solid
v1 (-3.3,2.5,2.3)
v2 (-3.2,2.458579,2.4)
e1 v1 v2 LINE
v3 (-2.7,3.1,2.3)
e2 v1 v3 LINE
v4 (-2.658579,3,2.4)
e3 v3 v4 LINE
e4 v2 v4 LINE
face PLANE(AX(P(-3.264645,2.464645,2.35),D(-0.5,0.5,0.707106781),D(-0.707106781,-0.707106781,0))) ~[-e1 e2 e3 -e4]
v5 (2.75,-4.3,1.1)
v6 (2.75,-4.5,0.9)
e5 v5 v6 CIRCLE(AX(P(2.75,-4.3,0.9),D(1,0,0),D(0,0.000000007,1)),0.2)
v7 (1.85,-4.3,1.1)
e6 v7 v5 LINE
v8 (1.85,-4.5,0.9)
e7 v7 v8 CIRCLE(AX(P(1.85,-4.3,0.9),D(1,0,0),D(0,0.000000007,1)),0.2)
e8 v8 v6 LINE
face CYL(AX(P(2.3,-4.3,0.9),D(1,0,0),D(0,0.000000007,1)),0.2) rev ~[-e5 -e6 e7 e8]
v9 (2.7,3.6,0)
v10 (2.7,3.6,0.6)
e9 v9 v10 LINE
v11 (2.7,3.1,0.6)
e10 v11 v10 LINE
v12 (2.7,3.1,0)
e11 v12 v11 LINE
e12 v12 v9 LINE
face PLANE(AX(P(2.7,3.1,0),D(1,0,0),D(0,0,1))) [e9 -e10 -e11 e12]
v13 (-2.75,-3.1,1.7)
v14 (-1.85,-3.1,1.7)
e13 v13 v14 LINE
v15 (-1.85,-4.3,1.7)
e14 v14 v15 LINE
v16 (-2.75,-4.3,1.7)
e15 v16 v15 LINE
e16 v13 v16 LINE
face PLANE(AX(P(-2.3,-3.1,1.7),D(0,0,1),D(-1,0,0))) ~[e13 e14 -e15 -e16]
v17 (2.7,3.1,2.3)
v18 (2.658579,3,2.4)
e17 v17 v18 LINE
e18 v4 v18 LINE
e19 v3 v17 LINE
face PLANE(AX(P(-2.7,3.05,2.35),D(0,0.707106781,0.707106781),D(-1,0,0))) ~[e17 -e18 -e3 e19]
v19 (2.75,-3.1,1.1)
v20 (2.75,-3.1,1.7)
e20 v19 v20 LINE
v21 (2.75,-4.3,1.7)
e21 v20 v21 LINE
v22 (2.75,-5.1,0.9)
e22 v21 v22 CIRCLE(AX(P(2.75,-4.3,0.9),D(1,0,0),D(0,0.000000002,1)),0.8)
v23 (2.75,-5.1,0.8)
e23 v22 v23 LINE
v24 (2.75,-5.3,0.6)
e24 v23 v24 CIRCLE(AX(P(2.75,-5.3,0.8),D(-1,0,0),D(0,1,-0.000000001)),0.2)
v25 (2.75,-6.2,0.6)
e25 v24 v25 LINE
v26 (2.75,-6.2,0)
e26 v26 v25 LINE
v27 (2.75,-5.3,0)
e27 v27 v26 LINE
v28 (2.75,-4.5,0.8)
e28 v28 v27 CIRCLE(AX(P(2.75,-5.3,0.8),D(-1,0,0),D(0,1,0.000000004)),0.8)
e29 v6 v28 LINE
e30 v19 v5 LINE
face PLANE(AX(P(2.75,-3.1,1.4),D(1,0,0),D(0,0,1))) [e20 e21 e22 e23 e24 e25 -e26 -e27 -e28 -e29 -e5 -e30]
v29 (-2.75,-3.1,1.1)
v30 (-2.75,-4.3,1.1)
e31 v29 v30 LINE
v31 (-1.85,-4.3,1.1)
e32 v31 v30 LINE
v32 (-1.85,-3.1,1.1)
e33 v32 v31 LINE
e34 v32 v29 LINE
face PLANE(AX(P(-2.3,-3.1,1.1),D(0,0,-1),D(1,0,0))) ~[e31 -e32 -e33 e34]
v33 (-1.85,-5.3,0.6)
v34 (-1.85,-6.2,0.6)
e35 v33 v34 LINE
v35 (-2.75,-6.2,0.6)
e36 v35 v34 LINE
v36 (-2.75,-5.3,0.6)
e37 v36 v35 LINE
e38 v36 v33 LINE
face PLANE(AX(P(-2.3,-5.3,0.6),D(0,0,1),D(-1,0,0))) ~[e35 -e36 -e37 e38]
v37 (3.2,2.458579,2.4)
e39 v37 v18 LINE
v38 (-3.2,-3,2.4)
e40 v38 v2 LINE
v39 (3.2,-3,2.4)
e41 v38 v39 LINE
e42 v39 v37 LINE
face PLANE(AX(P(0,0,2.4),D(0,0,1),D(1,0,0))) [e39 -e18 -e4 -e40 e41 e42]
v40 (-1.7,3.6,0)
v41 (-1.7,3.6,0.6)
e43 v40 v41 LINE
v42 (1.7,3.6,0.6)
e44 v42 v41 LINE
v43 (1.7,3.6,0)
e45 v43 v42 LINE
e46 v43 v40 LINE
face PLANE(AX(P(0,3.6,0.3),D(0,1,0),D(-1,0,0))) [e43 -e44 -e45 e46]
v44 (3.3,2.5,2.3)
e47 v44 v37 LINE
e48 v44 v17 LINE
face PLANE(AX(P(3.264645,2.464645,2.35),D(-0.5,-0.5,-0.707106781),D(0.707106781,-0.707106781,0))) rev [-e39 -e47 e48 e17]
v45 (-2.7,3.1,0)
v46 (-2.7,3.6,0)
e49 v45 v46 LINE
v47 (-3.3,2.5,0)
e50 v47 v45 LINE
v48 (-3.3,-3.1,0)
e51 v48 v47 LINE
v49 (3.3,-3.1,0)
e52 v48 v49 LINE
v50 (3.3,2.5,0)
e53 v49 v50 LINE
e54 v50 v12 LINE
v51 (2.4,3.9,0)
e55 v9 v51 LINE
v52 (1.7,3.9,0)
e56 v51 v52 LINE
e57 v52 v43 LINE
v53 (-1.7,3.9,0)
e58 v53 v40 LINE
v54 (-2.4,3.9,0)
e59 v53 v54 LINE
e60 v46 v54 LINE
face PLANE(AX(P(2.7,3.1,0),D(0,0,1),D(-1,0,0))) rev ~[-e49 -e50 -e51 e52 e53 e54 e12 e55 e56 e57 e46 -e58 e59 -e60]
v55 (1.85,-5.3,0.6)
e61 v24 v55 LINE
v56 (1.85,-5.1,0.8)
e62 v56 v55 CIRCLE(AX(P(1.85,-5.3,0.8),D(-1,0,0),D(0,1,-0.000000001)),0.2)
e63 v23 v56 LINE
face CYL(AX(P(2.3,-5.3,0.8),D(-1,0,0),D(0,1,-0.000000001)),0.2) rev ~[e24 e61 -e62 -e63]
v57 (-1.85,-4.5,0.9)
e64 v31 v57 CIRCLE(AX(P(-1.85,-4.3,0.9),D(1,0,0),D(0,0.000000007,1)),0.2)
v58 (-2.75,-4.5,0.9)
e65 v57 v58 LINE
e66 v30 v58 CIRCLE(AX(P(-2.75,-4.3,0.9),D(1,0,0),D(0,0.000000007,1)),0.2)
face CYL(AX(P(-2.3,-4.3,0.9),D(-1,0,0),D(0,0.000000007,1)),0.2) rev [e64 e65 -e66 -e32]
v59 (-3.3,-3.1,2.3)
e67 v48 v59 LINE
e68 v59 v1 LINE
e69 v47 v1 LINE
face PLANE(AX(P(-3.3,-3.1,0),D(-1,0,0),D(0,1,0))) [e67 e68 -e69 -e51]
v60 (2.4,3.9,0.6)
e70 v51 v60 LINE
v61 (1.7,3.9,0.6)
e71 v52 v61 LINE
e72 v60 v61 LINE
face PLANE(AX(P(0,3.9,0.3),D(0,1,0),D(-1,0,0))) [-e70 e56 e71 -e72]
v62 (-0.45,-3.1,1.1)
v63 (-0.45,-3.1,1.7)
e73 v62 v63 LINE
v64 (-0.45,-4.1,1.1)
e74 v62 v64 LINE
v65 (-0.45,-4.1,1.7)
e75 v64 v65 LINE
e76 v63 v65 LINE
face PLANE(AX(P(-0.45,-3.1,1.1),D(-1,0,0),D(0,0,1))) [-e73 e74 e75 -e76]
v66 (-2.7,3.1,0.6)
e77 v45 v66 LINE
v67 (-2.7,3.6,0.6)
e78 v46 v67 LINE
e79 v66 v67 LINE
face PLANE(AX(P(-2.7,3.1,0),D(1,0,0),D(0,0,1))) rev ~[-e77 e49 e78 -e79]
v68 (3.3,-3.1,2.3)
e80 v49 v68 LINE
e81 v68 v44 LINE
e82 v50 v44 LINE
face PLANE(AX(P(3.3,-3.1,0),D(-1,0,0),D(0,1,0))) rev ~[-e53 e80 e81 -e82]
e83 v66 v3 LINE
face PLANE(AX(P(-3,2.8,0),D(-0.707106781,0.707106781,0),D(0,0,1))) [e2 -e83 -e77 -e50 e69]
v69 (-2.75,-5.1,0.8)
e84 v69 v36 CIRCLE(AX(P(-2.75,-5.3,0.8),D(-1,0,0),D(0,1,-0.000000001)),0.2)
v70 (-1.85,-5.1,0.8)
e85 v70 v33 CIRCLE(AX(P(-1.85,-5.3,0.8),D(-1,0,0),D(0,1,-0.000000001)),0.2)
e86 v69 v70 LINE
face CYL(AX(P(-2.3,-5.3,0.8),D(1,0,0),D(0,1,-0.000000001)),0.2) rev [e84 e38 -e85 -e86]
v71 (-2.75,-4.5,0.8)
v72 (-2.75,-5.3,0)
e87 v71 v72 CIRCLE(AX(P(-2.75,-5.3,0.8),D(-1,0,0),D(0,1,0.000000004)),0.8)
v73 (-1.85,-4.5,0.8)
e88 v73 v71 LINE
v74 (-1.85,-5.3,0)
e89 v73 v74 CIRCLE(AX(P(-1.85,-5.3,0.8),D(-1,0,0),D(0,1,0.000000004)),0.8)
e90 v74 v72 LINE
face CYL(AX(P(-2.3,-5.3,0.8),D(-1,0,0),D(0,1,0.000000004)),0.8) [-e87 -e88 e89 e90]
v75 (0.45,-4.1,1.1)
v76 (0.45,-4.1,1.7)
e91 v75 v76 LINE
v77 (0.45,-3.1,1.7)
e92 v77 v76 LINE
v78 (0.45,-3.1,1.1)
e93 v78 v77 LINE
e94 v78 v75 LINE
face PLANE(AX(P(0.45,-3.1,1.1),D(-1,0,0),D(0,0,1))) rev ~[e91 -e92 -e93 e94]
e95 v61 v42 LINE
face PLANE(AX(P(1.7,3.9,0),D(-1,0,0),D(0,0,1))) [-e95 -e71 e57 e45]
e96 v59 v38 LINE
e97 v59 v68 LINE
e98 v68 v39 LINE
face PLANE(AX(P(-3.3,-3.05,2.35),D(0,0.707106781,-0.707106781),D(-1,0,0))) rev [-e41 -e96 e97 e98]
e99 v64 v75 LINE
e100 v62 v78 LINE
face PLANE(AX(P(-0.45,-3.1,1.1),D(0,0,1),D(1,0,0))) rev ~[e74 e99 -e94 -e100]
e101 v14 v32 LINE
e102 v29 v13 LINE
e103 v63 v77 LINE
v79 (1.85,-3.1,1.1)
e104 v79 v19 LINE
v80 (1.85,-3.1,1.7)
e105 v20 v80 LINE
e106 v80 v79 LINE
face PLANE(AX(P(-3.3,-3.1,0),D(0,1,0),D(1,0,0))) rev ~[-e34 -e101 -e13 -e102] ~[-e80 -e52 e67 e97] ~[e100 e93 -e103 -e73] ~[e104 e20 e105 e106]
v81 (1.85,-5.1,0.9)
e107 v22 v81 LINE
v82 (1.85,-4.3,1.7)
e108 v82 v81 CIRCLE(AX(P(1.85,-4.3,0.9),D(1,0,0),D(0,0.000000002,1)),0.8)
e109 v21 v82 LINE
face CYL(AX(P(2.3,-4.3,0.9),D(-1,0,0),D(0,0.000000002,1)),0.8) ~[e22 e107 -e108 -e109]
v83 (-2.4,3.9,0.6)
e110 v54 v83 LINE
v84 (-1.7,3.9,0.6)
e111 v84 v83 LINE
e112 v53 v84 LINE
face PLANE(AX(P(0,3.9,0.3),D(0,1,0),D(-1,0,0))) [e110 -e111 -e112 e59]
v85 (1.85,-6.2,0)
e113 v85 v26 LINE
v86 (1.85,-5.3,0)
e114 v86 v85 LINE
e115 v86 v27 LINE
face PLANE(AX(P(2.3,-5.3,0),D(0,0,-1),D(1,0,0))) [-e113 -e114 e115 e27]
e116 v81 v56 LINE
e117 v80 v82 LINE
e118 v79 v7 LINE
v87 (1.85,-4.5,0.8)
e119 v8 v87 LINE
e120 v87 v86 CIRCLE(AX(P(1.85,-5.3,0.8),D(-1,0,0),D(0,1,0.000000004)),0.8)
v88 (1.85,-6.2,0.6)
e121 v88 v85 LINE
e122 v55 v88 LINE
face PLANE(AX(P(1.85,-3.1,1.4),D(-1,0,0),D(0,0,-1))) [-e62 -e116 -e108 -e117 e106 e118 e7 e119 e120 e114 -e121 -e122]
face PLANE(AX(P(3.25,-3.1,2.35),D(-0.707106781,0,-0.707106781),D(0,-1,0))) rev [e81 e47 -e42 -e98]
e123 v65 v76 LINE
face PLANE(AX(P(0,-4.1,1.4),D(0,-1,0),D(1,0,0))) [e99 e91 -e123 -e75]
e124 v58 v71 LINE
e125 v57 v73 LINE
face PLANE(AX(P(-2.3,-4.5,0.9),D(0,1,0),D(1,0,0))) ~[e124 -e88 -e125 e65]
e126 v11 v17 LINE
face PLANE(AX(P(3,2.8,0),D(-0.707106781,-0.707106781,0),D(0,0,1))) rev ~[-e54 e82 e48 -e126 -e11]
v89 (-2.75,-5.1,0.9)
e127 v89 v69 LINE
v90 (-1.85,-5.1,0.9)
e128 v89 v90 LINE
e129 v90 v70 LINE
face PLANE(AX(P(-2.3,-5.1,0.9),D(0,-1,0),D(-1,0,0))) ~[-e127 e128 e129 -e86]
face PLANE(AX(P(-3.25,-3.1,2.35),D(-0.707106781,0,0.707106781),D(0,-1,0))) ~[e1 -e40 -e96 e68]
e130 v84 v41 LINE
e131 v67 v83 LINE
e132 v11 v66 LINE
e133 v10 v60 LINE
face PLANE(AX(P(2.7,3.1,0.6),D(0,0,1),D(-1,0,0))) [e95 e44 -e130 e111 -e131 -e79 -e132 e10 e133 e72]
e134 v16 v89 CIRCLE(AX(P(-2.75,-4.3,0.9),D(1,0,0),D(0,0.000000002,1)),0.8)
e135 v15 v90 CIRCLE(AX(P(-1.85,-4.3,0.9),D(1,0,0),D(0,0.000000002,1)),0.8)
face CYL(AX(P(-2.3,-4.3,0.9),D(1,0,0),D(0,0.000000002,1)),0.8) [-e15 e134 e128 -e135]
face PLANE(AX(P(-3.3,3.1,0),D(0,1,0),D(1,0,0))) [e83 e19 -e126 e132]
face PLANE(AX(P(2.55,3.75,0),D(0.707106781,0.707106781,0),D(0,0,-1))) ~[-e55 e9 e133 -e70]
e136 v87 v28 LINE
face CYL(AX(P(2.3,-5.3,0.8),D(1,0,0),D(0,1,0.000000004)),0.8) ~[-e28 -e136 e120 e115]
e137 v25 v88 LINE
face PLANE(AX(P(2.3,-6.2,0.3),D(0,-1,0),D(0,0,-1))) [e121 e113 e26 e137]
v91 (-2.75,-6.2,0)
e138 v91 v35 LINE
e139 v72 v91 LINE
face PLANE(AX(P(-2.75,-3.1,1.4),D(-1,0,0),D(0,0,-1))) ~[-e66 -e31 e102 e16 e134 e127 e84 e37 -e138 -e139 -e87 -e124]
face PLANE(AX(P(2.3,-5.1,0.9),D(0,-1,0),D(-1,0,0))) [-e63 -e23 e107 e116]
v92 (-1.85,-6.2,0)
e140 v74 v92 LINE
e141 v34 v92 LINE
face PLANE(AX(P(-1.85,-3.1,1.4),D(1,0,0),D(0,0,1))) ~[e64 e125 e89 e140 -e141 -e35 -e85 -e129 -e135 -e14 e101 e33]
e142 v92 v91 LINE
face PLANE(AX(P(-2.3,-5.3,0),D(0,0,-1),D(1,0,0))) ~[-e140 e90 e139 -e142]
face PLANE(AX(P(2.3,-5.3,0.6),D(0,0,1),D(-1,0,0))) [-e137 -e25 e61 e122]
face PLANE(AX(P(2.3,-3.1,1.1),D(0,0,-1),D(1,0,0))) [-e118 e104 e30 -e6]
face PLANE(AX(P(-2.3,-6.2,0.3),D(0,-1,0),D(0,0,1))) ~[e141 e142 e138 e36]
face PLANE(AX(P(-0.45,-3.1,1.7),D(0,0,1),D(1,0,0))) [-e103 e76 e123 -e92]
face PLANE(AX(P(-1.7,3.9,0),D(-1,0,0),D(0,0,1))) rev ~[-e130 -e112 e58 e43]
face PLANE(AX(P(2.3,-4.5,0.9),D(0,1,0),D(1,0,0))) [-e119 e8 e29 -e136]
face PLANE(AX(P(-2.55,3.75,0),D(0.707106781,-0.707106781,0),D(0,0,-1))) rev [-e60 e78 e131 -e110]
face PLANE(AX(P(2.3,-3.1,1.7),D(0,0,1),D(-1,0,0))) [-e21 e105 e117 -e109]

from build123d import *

# Parameters (mm, degrees)
SKIZZE1_W                       = 6.6
SKIZZE1_H                       = 6.2
LINEAR_AUSTRAGEN1_DEPTH         = 2.4
FASE2_SIZE                      = 0.6
SKIZZE2_W                       = 0.9
SKIZZE2_H                       = 0.6
SKIZZE3_W                       = 0.9
SKIZZE3_H                       = 0.6
LINEAR_AUSTRAGEN2_DEPTH         = 1
SKIZZE4_W                       = 5.4
SKIZZE4_H                       = 0.6
LINEAR_AUSTRAGEN3_DEPTH         = 0.8
SKIZZE5_W                       = 3.4
SKIZZE5_H                       = 0.6
SCHNITT_LINEAR_AUSTRAGEN1_DEPTH = 0.3
FASE3_SIZE                      = 0.3
FASE4_SIZE                      = 0.1


with BuildPart() as part:
    # Skizze1 → Linear austragen1 (new body)
    with BuildSketch(Plane.XY):
        Rectangle(SKIZZE1_W, SKIZZE1_H)
    extrude(amount=LINEAR_AUSTRAGEN1_DEPTH)

    # Fase2
    fase2_edges = [part.edges().sort_by_distance(p)[0] for p in [
        (-3.3, 3.1, 1.2),
        (3.3, 3.1, 1.2),
    ]]
    chamfer(fase2_edges, length=FASE2_SIZE)

    # Austragung1: sweep along a curve in space
    with BuildLine() as austragung1_path:
        Line((2.3, -3.1, 1.4), (2.3, -4.3, 1.4))
        ThreePointArc((2.3, -4.3, 1.4), (2.3, -4.653553391, 1.253553391), (2.3, -4.8, 0.9))
        Line((2.3, -4.8, 0.9), (2.3, -4.8, 0.8))
        ThreePointArc((2.3, -4.8, 0.8), (2.3, -4.946446609, 0.446446609), (2.3, -5.3, 0.3))
        Line((2.3, -5.3, 0.3), (2.3, -6.2, 0.3))
    # Skizze2 → Austragung1 (sweep)
    with BuildSketch(Plane.XZ.offset(3.1)):
        with Locations((2.3, 1.4)):
            Rectangle(SKIZZE2_W, SKIZZE2_H)
    austragung1 = sweep(path=austragung1_path.line)

    # Spiegeln1: Austragung1 across plane
    add(austragung1.mirror(Plane(origin=(0, 0, 0), x_dir=(0, 0, 1), z_dir=(1, 0, 0))))

    # Skizze3 → Linear austragen2 (add)
    with BuildSketch(Plane.XZ.offset(3.1)):
        with Locations((0, 1.4)):
            Rectangle(SKIZZE3_W, SKIZZE3_H)
    extrude(amount=LINEAR_AUSTRAGEN2_DEPTH)

    # Skizze4 → Linear austragen3 (add)
    with BuildSketch(Plane(origin=(0, 3.1, 0), x_dir=(-1, 0, 0), z_dir=(0, 1, 0))):
        with Locations((0, 0.3)):
            Rectangle(SKIZZE4_W, SKIZZE4_H)
    extrude(amount=LINEAR_AUSTRAGEN3_DEPTH)

    # Skizze5 → Schnitt-Linear austragen1 (cut)
    with BuildSketch(Plane(origin=(0, 3.9, 0), x_dir=(-1, 0, 0), z_dir=(0, 1, 0))):
        with Locations((0, 0.3)):
            Rectangle(SKIZZE5_W, SKIZZE5_H)
    extrude(amount=-SCHNITT_LINEAR_AUSTRAGEN1_DEPTH, mode=Mode.SUBTRACT)

    # Fase3
    fase3_edges = [part.edges().sort_by_distance(p)[0] for p in [
        (-2.7, 3.9, 0.3),
        (2.7, 3.9, 0.3),
    ]]
    chamfer(fase3_edges, length=FASE3_SIZE)

    # Fase4
    fase4_edges = [part.edges().sort_by_distance(p)[0] for p in [
        (0, -3.1, 2.4),
        (-3.3, -0.3, 2.4),
        (-3, 2.8, 2.4),
        (0, 3.1, 2.4),
        (3, 2.8, 2.4),
        (3.3, -0.3, 2.4),
    ]]
    chamfer(fase4_edges, length=FASE4_SIZE)


solid = part.part
